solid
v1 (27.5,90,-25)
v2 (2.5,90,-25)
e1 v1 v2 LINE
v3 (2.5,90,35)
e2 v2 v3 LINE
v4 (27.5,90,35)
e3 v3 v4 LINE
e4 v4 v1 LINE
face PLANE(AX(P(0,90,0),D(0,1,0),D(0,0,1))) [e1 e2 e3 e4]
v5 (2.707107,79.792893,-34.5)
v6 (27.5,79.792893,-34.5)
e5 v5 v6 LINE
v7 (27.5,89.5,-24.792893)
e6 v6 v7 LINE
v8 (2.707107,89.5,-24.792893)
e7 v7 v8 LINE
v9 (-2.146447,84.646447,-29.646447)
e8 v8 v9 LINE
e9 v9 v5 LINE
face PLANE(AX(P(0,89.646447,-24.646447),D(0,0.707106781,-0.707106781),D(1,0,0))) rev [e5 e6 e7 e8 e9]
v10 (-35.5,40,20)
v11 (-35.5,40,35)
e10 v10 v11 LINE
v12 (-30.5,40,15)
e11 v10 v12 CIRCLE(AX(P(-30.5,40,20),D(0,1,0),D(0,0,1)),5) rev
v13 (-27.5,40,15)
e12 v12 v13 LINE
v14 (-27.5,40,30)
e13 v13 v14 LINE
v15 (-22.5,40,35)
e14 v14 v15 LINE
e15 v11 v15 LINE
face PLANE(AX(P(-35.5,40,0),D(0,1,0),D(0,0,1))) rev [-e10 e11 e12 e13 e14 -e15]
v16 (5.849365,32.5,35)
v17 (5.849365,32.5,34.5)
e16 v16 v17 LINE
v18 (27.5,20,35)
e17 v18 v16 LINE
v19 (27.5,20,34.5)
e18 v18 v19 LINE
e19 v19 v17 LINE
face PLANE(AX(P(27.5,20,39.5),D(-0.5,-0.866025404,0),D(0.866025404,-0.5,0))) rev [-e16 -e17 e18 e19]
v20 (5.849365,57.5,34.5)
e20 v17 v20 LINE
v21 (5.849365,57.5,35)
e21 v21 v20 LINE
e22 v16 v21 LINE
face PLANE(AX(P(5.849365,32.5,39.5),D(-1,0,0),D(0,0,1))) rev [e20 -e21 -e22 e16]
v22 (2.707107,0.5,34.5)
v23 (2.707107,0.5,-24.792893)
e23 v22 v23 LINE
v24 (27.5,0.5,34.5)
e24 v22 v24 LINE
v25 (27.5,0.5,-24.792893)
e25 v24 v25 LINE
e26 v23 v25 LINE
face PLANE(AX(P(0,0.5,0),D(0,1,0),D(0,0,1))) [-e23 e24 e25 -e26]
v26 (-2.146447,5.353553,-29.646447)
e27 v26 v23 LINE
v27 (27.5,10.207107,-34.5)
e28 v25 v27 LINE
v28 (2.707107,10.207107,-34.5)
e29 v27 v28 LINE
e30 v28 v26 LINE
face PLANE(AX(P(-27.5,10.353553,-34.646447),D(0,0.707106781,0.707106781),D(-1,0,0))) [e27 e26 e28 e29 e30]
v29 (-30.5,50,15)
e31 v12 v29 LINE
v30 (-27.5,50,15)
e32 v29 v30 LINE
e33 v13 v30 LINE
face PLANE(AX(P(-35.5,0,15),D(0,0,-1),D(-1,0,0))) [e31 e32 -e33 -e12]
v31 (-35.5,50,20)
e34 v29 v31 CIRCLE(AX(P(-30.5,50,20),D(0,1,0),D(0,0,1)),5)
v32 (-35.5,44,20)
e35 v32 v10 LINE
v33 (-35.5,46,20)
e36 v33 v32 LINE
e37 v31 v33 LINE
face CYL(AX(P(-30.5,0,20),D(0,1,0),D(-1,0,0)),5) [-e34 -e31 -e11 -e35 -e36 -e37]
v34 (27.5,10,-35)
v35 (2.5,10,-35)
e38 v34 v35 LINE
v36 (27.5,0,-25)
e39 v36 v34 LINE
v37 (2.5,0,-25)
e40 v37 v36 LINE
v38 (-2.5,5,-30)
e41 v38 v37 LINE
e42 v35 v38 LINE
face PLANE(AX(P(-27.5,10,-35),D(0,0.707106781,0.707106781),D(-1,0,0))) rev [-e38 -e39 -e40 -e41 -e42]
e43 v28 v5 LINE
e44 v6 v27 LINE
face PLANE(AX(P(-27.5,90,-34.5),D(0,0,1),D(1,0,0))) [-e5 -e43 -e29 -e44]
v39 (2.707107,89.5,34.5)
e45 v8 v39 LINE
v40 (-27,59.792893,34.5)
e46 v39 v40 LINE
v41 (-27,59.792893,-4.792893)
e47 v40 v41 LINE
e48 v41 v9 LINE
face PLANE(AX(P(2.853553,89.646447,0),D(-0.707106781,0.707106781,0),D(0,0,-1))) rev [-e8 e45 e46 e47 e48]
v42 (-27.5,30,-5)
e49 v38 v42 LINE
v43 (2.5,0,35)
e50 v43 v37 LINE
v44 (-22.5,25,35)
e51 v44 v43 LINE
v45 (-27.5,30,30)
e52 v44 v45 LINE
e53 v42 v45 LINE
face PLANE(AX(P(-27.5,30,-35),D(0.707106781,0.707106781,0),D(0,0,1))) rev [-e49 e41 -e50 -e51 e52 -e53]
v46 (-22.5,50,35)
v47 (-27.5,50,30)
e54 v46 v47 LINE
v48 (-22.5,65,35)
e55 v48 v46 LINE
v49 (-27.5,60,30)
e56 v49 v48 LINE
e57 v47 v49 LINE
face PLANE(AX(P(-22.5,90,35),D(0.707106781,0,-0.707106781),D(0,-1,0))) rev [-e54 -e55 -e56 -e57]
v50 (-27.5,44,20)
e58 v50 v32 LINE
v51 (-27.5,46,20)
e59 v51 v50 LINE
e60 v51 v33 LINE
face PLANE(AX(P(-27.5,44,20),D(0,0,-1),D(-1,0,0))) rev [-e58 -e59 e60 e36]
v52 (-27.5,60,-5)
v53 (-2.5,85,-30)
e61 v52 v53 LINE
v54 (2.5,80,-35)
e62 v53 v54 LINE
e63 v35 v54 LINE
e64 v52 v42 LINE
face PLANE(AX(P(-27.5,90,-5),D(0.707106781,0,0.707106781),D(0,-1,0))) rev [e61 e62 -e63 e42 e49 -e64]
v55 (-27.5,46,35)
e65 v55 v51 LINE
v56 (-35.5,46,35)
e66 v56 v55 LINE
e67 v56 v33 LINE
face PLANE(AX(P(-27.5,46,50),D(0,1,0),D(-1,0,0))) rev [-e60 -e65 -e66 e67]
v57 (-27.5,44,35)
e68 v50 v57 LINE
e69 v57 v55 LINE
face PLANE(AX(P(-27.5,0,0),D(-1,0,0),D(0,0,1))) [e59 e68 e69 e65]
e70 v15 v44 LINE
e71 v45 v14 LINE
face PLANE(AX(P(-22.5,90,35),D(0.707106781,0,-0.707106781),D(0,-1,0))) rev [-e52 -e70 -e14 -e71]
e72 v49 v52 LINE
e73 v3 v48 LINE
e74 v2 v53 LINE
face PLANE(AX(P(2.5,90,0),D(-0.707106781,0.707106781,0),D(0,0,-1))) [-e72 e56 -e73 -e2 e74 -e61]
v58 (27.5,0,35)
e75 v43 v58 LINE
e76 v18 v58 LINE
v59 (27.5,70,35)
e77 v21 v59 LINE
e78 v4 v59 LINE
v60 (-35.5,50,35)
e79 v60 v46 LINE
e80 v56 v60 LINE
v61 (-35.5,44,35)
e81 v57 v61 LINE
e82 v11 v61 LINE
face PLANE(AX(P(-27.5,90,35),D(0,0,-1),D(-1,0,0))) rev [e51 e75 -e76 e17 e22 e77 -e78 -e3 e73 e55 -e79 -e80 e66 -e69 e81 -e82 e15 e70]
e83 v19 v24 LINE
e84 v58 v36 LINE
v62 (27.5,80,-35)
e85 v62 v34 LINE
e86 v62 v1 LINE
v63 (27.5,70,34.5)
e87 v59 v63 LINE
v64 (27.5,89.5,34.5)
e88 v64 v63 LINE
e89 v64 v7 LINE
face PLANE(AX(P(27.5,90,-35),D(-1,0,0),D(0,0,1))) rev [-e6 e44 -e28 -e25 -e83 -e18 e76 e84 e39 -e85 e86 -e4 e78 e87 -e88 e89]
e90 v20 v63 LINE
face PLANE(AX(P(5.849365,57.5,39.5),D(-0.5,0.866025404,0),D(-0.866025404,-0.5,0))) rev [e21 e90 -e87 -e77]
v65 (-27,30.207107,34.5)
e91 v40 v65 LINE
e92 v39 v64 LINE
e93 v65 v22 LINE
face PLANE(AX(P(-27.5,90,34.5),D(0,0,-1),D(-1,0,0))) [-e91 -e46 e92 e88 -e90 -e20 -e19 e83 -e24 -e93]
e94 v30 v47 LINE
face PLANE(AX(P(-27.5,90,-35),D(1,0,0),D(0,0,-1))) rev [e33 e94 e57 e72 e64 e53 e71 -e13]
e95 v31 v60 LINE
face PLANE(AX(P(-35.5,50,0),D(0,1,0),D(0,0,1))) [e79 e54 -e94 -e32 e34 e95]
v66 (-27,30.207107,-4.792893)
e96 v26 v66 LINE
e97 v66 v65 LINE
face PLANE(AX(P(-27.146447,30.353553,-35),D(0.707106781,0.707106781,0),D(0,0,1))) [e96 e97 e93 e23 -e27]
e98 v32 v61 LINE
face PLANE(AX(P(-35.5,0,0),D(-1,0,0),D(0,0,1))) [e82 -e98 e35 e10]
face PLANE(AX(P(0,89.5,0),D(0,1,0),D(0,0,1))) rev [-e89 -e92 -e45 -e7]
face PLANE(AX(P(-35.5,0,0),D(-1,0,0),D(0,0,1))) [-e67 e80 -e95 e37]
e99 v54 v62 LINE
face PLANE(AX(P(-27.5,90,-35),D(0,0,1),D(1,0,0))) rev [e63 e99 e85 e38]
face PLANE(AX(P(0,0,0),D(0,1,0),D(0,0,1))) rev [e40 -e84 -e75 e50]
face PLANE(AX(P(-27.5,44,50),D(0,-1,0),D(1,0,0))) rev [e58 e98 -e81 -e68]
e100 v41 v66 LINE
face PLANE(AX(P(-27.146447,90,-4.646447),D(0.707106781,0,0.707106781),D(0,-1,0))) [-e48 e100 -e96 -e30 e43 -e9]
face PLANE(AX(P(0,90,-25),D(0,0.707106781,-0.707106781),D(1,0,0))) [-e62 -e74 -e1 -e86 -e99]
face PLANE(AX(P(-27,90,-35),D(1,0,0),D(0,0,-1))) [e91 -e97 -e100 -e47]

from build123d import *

# Parameters (mm, degrees)
SKETCH1_W           = 55
SKETCH1_H           = 70
BOSS_EXTRUDE1_DEPTH = 90
CHAMFER1_SIZE       = 30
CHAMFER2_SIZE       = 30
CHAMFER3_SIZE       = 10
SHELL1_T            = -0.5
SKETCH2_W           = 20
SKETCH2_H           = 5
BOSS_EXTRUDE2_DEPTH = 8
FILLET1_R           = 5
SKETCH3_W           = 30
SKETCH3_H           = 2
CUT_EXTRUDE1_DEPTH  = 8
CHAMFER5_SIZE       = 5
CUT_EXTRUDE2_DEPTH  = 5


with BuildPart() as part:
    # Sketch1 → Boss-Extrude1 (new body)
    with BuildSketch(Plane(origin=(0, 0, 0), x_dir=(1, 0, 0), z_dir=(0, 1, 0))):
        Rectangle(SKETCH1_W, SKETCH1_H)
    extrude(amount=BOSS_EXTRUDE1_DEPTH)

    # Chamfer1
    chamfer1_edges = [part.edges().sort_by_distance(p)[0] for p in [
        (-27.5, 45, -35),
    ]]
    chamfer(chamfer1_edges, length=CHAMFER1_SIZE)

    # Chamfer2
    chamfer2_edges = [part.edges().sort_by_distance(p)[0] for p in [
        (-27.5, 0, 15),
        (-27.5, 90, 15),
    ]]
    chamfer(chamfer2_edges, length=CHAMFER2_SIZE)

    # Chamfer3
    chamfer3_edges = [part.edges().sort_by_distance(p)[0] for p in [
        (15, 0, -35),
        (15, 90, -35),
    ]]
    chamfer(chamfer3_edges, length=CHAMFER3_SIZE)

    # Shell1
    shell1_openings = [part.faces().sort_by_distance(p)[0] for p in [
        (27.5, 45, 0.510752688),
    ]]
    offset(amount=SHELL1_T, openings=shell1_openings, kind=Kind.INTERSECTION)

    # Sketch2 → Boss-Extrude2 (add)
    with BuildSketch(Plane.ZY.offset(27.5)):
        with Locations((25, 47.5)):
            Rectangle(SKETCH2_W, SKETCH2_H)
        with Locations((25, 42.5)):
            Rectangle(SKETCH2_W, SKETCH2_H)
    extrude(amount=BOSS_EXTRUDE2_DEPTH)

    # Fillet1
    fillet1_edges = [part.edges().sort_by_distance(p)[0] for p in [
        (-35.5, 45, 15),
    ]]
    fillet(fillet1_edges, radius=FILLET1_R)

    # Sketch3 → Cut-Extrude1 (cut)
    with BuildSketch(Plane.ZY.offset(35.5)):
        with Locations((35, 45)):
            Rectangle(SKETCH3_W, SKETCH3_H)
    extrude(amount=-CUT_EXTRUDE1_DEPTH, mode=Mode.SUBTRACT)

    # Chamfer5
    chamfer5_edges = [part.edges().sort_by_distance(p)[0] for p in [
        (-27.5, 55, 35),
        (-27.5, 35, 35),
    ]]
    chamfer(chamfer5_edges, length=CHAMFER5_SIZE)

    # Sketch4 → Cut-Extrude2 (cut, symmetric)
    with BuildSketch(Plane(origin=(0, 0, 34.5), x_dir=(-1, 0, 0), z_dir=(0, 0, -1))):
        Polygon((-27.5, 70), (-49.150635095, 57.5), (-49.150635095, 32.5), (-27.5, 20), (-5.849364905, 32.5), (-5.849364905, 57.5), align=None)
    extrude(amount=CUT_EXTRUDE2_DEPTH, both=True, mode=Mode.SUBTRACT)


solid = part.part
